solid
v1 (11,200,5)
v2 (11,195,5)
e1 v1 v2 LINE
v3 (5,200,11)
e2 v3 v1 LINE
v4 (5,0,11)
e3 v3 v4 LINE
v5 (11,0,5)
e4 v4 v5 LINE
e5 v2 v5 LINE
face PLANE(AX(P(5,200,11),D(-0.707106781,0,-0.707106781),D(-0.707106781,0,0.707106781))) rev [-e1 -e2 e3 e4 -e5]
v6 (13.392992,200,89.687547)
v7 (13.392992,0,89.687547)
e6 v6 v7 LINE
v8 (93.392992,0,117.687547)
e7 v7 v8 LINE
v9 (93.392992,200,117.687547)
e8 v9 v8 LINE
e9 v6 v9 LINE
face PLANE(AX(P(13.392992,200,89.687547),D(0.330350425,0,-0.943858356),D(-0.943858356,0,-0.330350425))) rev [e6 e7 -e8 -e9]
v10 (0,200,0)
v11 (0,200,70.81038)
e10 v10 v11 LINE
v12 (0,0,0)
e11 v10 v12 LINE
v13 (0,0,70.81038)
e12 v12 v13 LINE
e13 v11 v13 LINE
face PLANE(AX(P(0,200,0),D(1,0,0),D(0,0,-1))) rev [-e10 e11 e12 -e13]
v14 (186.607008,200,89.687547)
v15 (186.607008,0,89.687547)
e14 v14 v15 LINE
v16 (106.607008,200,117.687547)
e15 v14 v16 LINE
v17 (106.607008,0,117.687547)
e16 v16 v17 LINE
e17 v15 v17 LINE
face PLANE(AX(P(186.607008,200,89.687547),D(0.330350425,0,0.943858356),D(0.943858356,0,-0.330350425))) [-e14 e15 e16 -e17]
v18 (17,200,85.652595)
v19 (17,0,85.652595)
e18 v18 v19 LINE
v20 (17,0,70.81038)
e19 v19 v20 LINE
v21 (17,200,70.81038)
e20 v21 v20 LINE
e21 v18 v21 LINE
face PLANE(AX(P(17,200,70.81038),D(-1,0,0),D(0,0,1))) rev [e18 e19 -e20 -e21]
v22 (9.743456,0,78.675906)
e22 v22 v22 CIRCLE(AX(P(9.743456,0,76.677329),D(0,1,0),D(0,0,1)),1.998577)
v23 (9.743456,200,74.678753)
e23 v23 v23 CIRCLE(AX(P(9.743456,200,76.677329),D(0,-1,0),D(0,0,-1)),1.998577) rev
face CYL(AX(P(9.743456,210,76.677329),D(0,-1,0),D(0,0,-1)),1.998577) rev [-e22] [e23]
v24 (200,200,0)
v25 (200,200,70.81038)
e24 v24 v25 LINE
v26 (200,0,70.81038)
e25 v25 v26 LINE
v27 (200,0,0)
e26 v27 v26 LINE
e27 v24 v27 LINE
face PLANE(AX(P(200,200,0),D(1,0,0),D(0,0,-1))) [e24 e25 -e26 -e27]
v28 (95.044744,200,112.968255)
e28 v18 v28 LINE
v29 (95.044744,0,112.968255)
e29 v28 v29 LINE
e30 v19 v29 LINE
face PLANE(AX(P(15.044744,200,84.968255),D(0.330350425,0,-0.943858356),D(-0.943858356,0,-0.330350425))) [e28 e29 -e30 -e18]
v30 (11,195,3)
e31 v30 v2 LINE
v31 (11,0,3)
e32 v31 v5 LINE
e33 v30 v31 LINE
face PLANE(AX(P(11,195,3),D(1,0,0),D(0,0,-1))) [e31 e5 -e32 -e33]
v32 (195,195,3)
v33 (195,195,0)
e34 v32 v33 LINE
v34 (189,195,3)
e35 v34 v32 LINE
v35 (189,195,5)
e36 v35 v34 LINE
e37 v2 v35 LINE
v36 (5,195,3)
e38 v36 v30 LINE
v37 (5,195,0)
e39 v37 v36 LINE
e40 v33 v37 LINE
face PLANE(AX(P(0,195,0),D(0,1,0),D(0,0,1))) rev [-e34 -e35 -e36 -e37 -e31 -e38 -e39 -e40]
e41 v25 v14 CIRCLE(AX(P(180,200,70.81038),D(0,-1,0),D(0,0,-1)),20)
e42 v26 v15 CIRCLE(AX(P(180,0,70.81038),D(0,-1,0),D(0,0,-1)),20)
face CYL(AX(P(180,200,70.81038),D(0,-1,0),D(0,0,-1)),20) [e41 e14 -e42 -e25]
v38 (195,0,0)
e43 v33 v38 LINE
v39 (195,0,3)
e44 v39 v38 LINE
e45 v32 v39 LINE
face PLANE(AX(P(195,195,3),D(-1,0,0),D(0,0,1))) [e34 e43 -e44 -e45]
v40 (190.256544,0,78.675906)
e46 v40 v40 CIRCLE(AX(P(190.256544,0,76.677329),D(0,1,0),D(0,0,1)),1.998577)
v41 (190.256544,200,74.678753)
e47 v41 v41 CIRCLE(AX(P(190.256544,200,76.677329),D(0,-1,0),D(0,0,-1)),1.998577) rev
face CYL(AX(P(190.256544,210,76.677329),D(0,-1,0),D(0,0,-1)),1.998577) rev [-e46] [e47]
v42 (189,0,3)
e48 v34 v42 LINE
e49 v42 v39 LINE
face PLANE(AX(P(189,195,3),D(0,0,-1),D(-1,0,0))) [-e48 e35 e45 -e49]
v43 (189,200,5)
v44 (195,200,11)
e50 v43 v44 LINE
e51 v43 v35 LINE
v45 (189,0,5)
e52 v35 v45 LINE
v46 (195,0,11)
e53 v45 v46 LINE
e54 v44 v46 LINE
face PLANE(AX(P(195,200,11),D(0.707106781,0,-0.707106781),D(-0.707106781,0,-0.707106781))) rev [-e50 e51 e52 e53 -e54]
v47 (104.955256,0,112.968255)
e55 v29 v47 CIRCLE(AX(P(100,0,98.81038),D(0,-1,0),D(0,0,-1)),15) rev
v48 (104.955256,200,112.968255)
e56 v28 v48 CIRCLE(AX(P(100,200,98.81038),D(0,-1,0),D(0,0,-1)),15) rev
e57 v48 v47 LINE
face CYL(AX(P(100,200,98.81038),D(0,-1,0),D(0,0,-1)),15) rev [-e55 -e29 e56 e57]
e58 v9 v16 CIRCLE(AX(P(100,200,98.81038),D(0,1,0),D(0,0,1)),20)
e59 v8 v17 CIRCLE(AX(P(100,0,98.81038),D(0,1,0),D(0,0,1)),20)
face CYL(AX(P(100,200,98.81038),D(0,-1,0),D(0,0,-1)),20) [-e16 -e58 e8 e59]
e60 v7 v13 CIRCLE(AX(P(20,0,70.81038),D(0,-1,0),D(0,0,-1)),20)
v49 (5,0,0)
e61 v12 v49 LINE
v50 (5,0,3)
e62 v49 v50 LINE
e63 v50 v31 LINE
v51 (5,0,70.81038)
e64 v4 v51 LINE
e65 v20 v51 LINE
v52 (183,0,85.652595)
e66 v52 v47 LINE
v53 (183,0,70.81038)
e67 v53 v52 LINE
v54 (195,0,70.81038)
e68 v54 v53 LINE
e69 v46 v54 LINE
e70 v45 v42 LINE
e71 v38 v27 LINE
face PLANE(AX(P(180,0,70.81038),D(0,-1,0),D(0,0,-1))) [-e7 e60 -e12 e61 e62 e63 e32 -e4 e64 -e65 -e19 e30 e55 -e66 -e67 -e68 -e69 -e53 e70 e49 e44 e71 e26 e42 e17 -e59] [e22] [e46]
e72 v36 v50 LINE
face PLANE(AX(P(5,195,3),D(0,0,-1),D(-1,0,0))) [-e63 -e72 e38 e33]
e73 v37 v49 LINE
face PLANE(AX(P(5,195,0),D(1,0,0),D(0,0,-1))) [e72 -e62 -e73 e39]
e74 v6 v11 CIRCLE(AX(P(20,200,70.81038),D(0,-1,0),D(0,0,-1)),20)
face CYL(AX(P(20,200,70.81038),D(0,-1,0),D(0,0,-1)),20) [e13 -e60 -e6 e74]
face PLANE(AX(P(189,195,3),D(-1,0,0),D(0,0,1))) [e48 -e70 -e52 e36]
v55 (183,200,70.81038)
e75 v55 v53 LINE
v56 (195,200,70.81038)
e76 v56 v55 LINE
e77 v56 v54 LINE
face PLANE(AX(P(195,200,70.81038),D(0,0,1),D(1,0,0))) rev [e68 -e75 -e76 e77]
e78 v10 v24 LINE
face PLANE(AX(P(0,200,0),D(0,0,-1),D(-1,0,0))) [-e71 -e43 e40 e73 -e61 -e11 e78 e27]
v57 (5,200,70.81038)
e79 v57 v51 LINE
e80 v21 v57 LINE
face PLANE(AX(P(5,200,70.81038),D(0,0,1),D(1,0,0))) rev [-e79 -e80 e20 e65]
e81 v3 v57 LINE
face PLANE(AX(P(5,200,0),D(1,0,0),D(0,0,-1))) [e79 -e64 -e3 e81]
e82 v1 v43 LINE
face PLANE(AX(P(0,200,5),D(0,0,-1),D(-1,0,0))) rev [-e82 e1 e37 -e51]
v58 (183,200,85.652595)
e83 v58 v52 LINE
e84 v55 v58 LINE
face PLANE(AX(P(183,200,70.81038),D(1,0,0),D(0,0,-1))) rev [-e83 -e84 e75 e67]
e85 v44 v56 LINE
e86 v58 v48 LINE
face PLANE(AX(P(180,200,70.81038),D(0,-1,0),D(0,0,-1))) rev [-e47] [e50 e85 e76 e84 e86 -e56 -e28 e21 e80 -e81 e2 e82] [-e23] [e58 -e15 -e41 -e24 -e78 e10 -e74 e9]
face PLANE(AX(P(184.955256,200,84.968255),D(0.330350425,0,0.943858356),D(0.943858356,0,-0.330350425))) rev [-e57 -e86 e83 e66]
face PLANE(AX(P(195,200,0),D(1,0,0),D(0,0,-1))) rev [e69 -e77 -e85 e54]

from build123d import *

# Parameters (mm, degrees)
BOSS_EXTRUDE1_DEPTH = 200
SHELL3_T            = -5
CUT_EXTRUDE1_DEPTH  = 195
BOSS_EXTRUDE2_DEPTH = 200
BOSS_EXTRUDE3_DEPTH = 200
SKETCH5_R           = 1.998576913
CUT_EXTRUDE2_DEPTH  = 210


with BuildPart() as part:
    # Sketch1 → Boss-Extrude1 (new body)
    with BuildSketch(Plane(origin=(0, 0, 0), x_dir=(1, 0, 0), z_dir=(0, 1, 0))):
        with BuildLine():
            Line((0, 0), (200, 0))
            Line((200, 0), (200, -70.8103799))
            ThreePointArc((200, -70.8103799), (196.311654881, -82.383189198), (186.607008495, -89.687547027))
            Line((186.607008495, -89.687547027), (106.607008495, -117.687547027))
            ThreePointArc((106.607008495, -117.687547027), (100, -118.8103799), (93.392991505, -117.687547027))
            Line((93.392991505, -117.687547027), (13.392991505, -89.687547027))
            ThreePointArc((13.392991505, -89.687547027), (3.688345119, -82.383189198), (0, -70.8103799))
            Line((0, -70.8103799), (0, 0))
        make_face()
    extrude(amount=BOSS_EXTRUDE1_DEPTH)

    # Shell3
    shell3_openings = [part.faces().sort_by_distance(p)[0] for p in [
        (100, 200, 51.617363214),
        (100, 0, 51.617363214),
    ]]
    offset(amount=SHELL3_T, openings=shell3_openings, kind=Kind.INTERSECTION)

    # Sketch2 → Cut-Extrude1 (cut)
    with BuildSketch(Plane(origin=(0, 0, 0), x_dir=(1, 0, 0), z_dir=(0, 1, 0))):
        Polygon((195, 0), (187.458653408, 0), (12.307944586, 0), (5, 0), (5, -3), (11, -3), (11, -5), (189, -5), (189, -3), (195, -3), align=None)
    extrude(amount=CUT_EXTRUDE1_DEPTH, mode=Mode.SUBTRACT)

    # Sketch3 → Boss-Extrude2 (add)
    with BuildSketch(Plane(origin=(0, 0, 0), x_dir=(1, 0, 0), z_dir=(0, 1, 0))):
        Polygon((5, -5), (5, -11), (11, -5), align=None)
        Polygon((195, -5), (195, -11), (189, -5), align=None)
    extrude(amount=BOSS_EXTRUDE2_DEPTH)

    # Sketch4 → Boss-Extrude3 (add)
    with BuildSketch(Plane(origin=(0, 0, 0), x_dir=(1, 0, 0), z_dir=(0, 1, 0))):
        Polygon((5, -70.8103799), (17, -70.8103799), (17, -85.652594975), (13.392991505, -89.687547027), (0, -70.8103799), align=None)
        Polygon((195, -70.8103799), (183, -70.8103799), (183, -85.652594975), (186.607008495, -89.687547027), (200, -70.8103799), align=None)
    extrude(amount=BOSS_EXTRUDE3_DEPTH)

    # Sketch5 → Cut-Extrude2 (cut)
    with BuildSketch(Plane(origin=(0, 0, 0), x_dir=(1, 0, 0), z_dir=(0, 1, 0))):
        with Locations(Location((9.743456049, -76.677329473, 0), (0, 0, 90))):
            Circle(SKETCH5_R)
        with Locations(Location((190.256543951, -76.677329473, 0), (0, 0, 90))):
            Circle(SKETCH5_R)
    extrude(amount=CUT_EXTRUDE2_DEPTH, mode=Mode.SUBTRACT)


solid = part.part
